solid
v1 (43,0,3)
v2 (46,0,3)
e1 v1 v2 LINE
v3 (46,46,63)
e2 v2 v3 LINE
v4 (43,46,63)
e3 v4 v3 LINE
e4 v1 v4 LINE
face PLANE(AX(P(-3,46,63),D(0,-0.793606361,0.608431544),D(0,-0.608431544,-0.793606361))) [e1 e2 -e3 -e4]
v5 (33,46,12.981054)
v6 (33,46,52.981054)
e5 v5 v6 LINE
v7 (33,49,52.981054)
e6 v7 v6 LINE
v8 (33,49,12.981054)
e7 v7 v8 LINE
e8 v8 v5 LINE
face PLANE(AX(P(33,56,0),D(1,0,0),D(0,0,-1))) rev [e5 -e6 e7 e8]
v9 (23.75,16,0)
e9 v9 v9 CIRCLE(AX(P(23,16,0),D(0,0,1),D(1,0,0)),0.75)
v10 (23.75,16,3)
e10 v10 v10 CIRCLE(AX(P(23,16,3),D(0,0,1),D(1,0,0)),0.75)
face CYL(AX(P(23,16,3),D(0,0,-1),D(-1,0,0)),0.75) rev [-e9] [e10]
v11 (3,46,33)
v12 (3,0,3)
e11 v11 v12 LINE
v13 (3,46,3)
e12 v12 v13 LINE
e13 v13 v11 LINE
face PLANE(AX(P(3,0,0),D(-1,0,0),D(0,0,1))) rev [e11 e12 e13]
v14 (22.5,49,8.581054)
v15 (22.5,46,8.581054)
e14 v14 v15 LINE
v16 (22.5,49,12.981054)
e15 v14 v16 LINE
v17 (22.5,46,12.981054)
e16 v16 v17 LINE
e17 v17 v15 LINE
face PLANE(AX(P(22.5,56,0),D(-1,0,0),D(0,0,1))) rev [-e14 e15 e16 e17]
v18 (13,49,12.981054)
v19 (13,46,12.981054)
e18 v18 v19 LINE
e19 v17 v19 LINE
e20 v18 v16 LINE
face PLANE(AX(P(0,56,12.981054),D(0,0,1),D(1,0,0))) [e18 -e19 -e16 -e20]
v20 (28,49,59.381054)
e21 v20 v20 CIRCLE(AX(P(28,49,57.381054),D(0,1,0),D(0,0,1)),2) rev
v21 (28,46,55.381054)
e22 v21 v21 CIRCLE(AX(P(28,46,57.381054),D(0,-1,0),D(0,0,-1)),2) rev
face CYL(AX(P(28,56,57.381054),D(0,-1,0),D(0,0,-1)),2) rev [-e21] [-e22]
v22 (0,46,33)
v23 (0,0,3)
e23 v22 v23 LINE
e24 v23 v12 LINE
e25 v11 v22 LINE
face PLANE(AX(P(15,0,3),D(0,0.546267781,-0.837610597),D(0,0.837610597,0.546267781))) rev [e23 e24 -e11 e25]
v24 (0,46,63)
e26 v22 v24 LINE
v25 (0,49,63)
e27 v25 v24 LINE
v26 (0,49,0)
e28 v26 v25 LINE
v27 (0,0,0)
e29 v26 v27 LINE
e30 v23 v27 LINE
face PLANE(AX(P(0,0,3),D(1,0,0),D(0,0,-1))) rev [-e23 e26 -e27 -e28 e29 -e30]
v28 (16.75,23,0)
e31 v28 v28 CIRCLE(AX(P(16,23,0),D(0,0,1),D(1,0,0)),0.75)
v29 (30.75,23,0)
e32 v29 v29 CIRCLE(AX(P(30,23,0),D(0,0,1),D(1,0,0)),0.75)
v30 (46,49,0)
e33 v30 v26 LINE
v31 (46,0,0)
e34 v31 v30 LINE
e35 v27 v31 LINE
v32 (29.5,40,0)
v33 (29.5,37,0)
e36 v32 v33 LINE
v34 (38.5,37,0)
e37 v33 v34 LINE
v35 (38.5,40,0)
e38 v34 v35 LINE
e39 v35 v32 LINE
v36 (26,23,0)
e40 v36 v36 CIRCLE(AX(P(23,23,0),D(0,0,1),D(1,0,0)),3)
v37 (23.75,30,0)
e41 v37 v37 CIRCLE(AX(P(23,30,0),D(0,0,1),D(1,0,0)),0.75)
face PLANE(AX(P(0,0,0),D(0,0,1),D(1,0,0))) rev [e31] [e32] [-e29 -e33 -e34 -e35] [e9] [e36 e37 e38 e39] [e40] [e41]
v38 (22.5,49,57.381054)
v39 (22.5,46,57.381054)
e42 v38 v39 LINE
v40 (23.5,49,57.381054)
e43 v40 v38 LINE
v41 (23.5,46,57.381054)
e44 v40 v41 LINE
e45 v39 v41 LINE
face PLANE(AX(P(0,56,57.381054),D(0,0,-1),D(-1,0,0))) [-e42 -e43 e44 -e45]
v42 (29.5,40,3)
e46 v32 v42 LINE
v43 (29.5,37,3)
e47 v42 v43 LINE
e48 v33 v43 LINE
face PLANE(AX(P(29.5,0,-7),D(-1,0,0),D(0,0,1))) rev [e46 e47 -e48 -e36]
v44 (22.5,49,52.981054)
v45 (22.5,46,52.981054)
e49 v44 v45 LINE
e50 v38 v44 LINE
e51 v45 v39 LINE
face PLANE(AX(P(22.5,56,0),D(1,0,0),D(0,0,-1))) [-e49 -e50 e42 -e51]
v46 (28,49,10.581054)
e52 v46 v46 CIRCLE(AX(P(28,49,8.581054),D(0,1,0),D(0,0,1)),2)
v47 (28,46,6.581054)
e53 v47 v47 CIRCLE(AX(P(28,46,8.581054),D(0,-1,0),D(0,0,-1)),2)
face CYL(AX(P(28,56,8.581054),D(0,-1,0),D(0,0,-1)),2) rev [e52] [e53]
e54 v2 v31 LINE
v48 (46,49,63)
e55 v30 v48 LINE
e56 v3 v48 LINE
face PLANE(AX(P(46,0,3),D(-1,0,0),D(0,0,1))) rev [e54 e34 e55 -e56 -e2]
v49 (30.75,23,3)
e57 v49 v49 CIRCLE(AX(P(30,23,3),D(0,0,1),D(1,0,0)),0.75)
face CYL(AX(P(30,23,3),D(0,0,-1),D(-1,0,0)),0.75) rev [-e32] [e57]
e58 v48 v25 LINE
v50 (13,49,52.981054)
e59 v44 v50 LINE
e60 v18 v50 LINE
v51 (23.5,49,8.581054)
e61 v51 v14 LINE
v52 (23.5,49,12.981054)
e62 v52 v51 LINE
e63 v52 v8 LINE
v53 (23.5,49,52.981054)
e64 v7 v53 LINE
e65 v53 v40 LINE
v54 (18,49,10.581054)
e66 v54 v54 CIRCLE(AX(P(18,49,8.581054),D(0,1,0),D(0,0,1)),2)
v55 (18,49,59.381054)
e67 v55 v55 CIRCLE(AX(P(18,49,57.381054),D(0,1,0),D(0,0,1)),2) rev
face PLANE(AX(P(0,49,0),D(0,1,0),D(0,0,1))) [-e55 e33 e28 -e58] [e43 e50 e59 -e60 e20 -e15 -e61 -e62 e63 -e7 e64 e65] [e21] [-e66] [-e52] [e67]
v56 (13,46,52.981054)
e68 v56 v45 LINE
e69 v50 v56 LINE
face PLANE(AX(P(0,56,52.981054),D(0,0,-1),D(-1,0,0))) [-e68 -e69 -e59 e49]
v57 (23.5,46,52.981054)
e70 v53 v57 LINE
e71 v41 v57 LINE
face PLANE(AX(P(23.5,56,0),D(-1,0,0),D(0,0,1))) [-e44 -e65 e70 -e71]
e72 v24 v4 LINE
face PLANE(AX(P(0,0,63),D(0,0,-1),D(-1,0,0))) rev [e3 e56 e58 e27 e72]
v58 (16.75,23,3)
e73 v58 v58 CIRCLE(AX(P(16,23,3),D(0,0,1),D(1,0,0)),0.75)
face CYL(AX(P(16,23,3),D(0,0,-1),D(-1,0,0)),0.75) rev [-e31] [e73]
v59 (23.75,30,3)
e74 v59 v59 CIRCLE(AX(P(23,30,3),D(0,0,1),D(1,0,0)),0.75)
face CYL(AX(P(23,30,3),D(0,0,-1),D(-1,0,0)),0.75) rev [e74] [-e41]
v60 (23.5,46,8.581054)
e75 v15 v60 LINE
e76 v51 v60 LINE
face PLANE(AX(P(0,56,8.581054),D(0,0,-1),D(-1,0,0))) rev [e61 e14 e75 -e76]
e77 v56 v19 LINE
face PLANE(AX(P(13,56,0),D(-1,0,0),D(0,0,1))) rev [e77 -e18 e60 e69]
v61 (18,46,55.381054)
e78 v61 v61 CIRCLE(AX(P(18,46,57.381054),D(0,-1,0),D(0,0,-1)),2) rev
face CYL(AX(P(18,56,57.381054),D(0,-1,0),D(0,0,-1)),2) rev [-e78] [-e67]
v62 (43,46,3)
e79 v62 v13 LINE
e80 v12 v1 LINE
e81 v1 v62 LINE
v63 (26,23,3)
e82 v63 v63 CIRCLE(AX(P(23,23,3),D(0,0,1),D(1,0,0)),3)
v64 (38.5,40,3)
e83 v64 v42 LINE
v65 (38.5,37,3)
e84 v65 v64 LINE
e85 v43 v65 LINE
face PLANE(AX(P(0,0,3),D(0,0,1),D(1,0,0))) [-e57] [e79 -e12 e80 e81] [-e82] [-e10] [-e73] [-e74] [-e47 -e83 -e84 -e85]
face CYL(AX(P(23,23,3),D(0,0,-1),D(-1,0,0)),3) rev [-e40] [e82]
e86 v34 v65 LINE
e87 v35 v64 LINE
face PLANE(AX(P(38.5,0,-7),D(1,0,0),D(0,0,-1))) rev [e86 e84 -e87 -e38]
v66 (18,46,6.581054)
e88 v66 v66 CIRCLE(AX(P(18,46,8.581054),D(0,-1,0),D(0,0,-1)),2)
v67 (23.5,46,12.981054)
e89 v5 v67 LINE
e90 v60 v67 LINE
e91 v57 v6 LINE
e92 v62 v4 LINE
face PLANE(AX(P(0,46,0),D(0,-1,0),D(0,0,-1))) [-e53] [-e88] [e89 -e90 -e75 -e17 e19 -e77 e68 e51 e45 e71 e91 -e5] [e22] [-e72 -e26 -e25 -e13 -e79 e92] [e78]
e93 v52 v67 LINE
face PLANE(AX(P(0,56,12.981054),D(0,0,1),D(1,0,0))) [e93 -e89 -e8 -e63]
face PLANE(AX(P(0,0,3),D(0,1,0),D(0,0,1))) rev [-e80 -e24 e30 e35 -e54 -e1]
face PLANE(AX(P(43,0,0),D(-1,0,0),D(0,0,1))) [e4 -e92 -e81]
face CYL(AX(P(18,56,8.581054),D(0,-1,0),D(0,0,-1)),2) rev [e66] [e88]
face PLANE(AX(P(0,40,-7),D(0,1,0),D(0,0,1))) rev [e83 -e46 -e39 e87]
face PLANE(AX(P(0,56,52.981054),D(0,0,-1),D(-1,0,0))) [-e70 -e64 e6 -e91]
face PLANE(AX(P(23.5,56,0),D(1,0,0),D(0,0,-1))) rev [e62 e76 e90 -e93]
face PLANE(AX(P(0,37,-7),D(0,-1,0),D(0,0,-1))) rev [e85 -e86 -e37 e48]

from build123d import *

# Parameters (mm, degrees)
SKETCH1_W                = 46
SKETCH1_H                = 46
SKETCH1_R                = 3
SKETCH1_R_2              = 0.75
BOSS_EXTRUDE1_DEPTH      = 3
SKETCH2_W                = 46
SKETCH2_H                = 3
BOSS_EXTRUDE2_DEPTH      = 60
BOSS_EXTRUDE2_DEPTH_BACK = 3
SKETCH3_R                = 2
CUT_EXTRUDE1_DEPTH       = 10
SKETCH4_W                = 3
SKETCH4_H                = 60
SKETCH4_H_2              = 30
BOSS_EXTRUDE3_DEPTH      = 46
CUT_EXTRUDE2_DEPTH       = 46
CUT_EXTRUDE2_DEPTH_BACK  = 46
CUT_EXTRUDE3_DEPTH       = 15
SKETCH7_W                = 4.5
SKETCH7_H                = 3
CUT_EXTRUDE4_DEPTH       = 10


with BuildPart() as part:
    # Sketch1 → Boss-Extrude1 (new body)
    with BuildSketch(Plane.XY):
        with Locations((23, 23)):
            Rectangle(SKETCH1_W, SKETCH1_H)
        with Locations((23, 23)):
            Circle(SKETCH1_R, mode=Mode.SUBTRACT)
        with Locations((30, 23)):
            Circle(SKETCH1_R_2, mode=Mode.SUBTRACT)
        with Locations((23, 30)):
            Circle(SKETCH1_R_2, mode=Mode.SUBTRACT)
        with Locations((16, 23)):
            Circle(SKETCH1_R_2, mode=Mode.SUBTRACT)
        with Locations((23, 16)):
            Circle(SKETCH1_R_2, mode=Mode.SUBTRACT)
    extrude(amount=BOSS_EXTRUDE1_DEPTH)

    # Sketch2 → Boss-Extrude2 (add, two sides)
    with BuildSketch(Plane.XY.offset(3)) as boss_extrude2_sk:
        with Locations((23, 47.5)):
            Rectangle(SKETCH2_W, SKETCH2_H)
    extrude(amount=BOSS_EXTRUDE2_DEPTH)
    extrude(boss_extrude2_sk.sketch, amount=-BOSS_EXTRUDE2_DEPTH_BACK)

    # Sketch3 → Cut-Extrude1 (cut)
    with BuildSketch(Plane(origin=(0, 46, 0), x_dir=(-1, 0, 0), z_dir=(0, -1, 0))):
        with Locations((-18, -8.581054425)):
            Circle(SKETCH3_R)
        with Locations((-18, -57.381054425)):
            Circle(SKETCH3_R)
        with Locations((-28, -57.381054425)):
            Circle(SKETCH3_R)
        with Locations((-28, -8.581054425)):
            Circle(SKETCH3_R)
        Polygon((-22.5, -12.981054425), (-22.5, -8.581054425), (-23.5, -8.581054425), (-23.5, -12.981054425), (-33, -12.981054425), (-33, -52.981054425), (-23.5, -52.981054425), (-23.5, -57.381054425), (-22.5, -57.381054425), (-22.5, -52.981054425), (-13, -52.981054425), (-13, -12.981054425), align=None)
    extrude(amount=-CUT_EXTRUDE1_DEPTH, mode=Mode.SUBTRACT)

    # Sketch4 → Boss-Extrude3 (add)
    with BuildSketch(Plane(origin=(0, 46, 0), x_dir=(-1, 0, 0), z_dir=(0, -1, 0))):
        with Locations((-44.5, -33)):
            Rectangle(SKETCH4_W, SKETCH4_H)
        with Locations((-1.5, -18)):
            Rectangle(SKETCH4_W, SKETCH4_H_2)
    extrude(amount=BOSS_EXTRUDE3_DEPTH)

    # Sketch5 → Cut-Extrude2 (cut, two sides)
    with BuildSketch(Plane.ZY.offset(-43)) as cut_extrude2_sk:
        Polygon((63, 46), (3, 0), (63, 0), align=None)
    extrude(amount=CUT_EXTRUDE2_DEPTH, mode=Mode.SUBTRACT)
    extrude(cut_extrude2_sk.sketch, amount=-CUT_EXTRUDE2_DEPTH_BACK, mode=Mode.SUBTRACT)

    # Sketch6 → Cut-Extrude3 (cut)
    with BuildSketch(Plane.ZY):
        Polygon((3, 0), (33, 46), (33, 23), align=None)
    extrude(amount=-CUT_EXTRUDE3_DEPTH, mode=Mode.SUBTRACT)

    # Sketch7 → Cut-Extrude4 (cut)
    with BuildSketch(Plane.XY.offset(3)):
        with Locations((36.25, 38.5)):
            Rectangle(SKETCH7_W, SKETCH7_H)
        with Locations((31.75, 38.5)):
            Rectangle(SKETCH7_W, SKETCH7_H)
    extrude(amount=-CUT_EXTRUDE4_DEPTH, mode=Mode.SUBTRACT)


solid = part.part
